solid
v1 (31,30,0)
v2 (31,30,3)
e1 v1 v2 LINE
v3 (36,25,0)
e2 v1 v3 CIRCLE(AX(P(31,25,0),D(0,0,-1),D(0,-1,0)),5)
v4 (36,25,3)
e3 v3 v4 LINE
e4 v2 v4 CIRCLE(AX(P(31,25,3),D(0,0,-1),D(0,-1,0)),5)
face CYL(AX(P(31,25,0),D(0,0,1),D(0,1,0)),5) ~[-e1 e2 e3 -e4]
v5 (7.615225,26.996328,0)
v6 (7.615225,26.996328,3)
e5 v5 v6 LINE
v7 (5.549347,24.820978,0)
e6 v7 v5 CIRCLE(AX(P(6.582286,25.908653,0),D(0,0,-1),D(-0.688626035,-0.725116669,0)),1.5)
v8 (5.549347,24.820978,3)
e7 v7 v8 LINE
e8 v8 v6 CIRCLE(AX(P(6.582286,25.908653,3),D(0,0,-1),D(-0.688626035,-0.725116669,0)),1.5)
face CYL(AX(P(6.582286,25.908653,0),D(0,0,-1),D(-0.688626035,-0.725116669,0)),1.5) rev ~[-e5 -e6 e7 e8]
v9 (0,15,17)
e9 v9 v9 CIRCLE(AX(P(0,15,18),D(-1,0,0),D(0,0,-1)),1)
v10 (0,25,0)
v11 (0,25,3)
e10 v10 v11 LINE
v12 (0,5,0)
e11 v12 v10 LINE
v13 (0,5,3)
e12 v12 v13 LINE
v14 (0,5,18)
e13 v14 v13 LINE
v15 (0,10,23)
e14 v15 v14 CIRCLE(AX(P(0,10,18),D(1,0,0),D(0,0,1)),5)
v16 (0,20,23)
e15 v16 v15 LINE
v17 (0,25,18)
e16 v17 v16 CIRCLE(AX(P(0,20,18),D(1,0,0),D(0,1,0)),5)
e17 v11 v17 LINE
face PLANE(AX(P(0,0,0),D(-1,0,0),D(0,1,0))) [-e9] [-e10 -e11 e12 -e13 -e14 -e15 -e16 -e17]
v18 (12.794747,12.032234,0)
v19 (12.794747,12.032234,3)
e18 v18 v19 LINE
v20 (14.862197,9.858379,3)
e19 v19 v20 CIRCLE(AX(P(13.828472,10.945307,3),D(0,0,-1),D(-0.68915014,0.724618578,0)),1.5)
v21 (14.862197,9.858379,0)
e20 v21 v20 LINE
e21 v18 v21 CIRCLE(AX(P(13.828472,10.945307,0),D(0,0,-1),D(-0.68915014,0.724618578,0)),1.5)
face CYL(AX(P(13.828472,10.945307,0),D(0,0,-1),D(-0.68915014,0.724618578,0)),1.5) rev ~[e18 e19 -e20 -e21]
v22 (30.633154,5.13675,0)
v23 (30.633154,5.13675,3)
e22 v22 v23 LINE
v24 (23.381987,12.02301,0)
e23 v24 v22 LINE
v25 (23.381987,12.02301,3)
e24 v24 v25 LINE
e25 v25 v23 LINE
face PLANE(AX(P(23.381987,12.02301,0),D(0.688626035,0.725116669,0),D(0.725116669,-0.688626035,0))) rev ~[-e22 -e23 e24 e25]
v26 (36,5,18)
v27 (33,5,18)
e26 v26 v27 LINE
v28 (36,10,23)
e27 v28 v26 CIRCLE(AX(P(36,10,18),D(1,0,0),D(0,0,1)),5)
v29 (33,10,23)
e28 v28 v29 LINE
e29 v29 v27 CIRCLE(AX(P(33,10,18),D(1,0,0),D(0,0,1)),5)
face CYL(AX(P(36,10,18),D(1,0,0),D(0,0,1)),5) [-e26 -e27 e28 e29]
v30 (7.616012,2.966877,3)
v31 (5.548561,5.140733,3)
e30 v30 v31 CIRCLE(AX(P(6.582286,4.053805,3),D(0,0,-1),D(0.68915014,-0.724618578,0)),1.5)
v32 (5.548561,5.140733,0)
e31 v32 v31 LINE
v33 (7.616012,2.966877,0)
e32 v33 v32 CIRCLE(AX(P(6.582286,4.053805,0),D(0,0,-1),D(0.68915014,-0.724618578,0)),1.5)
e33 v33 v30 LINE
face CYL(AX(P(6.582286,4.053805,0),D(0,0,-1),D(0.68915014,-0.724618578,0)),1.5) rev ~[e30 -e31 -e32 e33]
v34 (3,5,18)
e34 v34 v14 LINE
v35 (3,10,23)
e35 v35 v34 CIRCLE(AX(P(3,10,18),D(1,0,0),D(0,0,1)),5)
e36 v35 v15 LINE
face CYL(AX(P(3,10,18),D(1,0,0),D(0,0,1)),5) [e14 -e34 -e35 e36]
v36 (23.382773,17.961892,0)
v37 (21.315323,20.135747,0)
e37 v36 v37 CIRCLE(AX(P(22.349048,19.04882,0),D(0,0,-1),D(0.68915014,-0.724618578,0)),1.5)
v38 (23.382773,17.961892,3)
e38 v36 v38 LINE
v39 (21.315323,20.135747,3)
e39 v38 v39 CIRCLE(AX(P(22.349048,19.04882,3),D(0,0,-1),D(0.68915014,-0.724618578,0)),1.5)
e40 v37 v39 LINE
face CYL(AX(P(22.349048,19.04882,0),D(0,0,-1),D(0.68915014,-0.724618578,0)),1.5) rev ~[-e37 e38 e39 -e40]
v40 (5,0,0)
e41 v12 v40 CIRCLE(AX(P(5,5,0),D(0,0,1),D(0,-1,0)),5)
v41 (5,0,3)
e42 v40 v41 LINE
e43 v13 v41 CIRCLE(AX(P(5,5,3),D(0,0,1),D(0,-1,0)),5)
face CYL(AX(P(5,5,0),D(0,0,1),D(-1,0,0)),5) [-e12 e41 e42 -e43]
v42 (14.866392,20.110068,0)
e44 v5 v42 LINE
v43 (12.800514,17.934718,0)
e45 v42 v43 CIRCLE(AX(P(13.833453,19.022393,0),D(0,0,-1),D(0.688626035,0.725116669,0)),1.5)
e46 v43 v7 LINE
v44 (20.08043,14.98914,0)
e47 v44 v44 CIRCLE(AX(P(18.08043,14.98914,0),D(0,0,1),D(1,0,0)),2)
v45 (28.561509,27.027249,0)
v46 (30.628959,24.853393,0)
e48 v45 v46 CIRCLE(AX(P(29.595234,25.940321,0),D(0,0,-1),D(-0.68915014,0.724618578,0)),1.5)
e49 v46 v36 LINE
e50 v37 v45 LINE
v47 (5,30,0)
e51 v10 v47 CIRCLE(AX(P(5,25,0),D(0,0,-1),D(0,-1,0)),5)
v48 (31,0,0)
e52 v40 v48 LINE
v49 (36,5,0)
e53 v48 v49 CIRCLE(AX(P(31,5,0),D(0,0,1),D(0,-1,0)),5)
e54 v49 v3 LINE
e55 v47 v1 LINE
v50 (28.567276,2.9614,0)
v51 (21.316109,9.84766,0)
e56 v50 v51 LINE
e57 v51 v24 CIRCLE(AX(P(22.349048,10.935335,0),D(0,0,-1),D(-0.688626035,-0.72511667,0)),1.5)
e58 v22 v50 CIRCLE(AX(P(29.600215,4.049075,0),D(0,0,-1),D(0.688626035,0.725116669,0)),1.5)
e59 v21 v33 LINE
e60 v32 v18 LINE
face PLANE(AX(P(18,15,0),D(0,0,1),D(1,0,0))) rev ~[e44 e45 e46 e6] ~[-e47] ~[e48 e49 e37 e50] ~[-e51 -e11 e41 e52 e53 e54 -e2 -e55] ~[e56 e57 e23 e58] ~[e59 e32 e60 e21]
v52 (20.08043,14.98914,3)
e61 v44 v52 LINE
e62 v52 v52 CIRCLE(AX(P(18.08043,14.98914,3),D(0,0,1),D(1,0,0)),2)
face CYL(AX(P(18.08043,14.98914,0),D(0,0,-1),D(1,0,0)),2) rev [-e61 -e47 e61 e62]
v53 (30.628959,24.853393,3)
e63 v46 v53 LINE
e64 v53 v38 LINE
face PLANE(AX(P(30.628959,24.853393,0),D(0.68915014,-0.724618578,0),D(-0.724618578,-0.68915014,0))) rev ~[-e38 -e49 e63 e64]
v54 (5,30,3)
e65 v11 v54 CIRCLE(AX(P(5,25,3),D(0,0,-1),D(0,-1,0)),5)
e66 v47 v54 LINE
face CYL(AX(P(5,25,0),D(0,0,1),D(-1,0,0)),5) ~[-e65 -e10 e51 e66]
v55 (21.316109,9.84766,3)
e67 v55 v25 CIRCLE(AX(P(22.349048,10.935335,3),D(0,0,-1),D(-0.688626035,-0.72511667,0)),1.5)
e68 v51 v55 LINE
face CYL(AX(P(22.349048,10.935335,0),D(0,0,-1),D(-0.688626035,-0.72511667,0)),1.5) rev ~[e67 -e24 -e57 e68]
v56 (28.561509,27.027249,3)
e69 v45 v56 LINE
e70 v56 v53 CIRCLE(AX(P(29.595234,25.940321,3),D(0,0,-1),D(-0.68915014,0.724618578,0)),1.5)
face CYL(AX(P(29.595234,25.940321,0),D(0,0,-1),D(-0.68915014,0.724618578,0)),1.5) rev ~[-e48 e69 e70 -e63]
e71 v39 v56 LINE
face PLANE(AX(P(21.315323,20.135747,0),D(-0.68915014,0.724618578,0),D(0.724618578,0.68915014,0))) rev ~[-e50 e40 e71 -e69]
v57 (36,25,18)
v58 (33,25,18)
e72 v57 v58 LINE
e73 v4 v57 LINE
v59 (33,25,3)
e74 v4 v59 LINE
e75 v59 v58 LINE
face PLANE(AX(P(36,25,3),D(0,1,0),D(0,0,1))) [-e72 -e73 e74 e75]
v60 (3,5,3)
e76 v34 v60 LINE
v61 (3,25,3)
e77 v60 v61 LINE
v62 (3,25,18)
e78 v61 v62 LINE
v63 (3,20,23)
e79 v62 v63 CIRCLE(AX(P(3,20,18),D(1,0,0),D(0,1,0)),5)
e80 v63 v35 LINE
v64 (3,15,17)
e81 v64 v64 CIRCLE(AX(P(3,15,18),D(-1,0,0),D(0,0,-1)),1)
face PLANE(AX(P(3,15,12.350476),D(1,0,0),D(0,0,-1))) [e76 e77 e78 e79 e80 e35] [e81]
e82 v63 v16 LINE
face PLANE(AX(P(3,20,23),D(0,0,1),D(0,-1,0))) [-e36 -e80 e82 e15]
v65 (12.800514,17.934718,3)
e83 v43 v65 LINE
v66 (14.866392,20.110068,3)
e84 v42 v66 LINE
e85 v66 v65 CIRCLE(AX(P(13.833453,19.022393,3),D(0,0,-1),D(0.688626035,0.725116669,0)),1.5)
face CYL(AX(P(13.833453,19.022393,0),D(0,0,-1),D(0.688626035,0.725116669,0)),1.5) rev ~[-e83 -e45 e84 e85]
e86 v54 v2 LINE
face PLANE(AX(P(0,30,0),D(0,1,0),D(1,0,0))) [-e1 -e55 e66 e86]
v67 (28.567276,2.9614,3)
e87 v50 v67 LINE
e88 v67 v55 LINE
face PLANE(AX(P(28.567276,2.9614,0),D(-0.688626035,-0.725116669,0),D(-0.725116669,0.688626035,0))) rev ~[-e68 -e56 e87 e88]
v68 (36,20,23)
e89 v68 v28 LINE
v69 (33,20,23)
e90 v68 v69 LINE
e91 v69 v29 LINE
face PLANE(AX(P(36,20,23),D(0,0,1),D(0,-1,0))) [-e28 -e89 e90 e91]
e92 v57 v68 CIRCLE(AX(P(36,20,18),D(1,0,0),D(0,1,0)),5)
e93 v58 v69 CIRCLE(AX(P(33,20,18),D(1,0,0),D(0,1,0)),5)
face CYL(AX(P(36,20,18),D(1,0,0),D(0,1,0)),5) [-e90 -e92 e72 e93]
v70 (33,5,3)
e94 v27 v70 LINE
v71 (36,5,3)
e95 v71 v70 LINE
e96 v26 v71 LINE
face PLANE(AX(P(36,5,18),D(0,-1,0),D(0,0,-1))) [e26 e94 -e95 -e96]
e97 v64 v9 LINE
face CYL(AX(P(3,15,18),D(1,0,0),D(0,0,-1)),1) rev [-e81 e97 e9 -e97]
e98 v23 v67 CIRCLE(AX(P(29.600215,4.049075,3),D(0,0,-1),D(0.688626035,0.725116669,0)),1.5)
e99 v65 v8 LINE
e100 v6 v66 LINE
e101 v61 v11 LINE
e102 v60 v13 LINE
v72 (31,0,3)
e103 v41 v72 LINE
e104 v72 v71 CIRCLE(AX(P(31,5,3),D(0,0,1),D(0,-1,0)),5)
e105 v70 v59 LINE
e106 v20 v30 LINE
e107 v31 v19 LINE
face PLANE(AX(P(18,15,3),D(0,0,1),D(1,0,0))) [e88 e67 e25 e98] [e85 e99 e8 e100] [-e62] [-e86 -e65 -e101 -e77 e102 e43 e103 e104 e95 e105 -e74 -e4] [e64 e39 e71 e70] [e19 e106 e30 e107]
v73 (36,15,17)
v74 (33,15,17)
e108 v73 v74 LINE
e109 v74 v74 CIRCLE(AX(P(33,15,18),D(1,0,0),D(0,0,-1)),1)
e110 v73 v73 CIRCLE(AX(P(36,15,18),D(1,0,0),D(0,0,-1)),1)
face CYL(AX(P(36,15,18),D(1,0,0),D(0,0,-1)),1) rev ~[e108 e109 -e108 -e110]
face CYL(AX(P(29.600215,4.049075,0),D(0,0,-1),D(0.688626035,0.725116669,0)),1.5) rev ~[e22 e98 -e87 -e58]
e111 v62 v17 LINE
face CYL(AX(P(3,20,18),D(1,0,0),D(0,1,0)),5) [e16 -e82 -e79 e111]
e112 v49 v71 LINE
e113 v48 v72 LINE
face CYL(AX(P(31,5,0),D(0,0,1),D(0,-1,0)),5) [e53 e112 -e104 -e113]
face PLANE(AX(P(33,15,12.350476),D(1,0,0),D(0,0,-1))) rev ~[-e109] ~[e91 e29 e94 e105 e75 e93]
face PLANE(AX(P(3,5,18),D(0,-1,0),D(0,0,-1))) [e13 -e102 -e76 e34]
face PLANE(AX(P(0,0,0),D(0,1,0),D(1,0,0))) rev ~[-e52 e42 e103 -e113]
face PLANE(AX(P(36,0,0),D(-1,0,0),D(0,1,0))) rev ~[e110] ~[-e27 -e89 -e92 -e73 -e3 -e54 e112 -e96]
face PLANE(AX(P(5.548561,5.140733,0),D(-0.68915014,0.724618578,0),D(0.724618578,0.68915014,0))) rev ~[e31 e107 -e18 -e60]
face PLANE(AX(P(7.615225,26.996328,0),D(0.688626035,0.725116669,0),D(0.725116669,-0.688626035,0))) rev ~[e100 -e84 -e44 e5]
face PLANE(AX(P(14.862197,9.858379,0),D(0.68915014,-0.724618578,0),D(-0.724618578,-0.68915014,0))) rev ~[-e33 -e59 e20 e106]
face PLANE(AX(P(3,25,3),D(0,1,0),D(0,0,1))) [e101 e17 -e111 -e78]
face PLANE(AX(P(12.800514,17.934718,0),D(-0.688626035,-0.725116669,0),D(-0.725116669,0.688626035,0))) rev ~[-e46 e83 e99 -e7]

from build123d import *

# Parameters (mm, degrees)
SKETCH1_W           = 36
SKETCH1_H           = 30
SKETCH1_R           = 2
BOSS_EXTRUDE2_DEPTH = 3
SKETCH2_R           = 1
BOSS_EXTRUDE3_DEPTH = 3
BOSS_EXTRUDE4_START = -3
SKETCH3_R           = 1
BOSS_EXTRUDE4_DEPTH = 3
FILLET1_R           = 5


with BuildPart() as part:
    # Sketch1 → Boss-Extrude2 (new body)
    with BuildSketch(Plane.XY):
        with Locations((18, 15)):
            Rectangle(SKETCH1_W, SKETCH1_H)
        with Locations((18.080429635, 14.989140404)):
            Circle(SKETCH1_R, mode=Mode.SUBTRACT)
        with BuildLine():
            Line((30.628958922, 24.853393036), (23.382773138, 17.961891633))
            ThreePointArc((23.382773138, 17.961891633), (21.26212006, 18.01509429), (21.315322717, 20.135747368))
            Line((21.315322717, 20.135747368), (28.561508501, 27.027248771))
            ThreePointArc((28.561508501, 27.027248771), (30.682161579, 26.974046114), (30.628958922, 24.853393036))
        make_face(mode=Mode.SUBTRACT)
        with BuildLine():
            Line((23.38198698, 12.023010255), (30.633153673, 5.136749906))
            ThreePointArc((30.633153673, 5.136749906), (30.687889624, 3.016135849), (28.567275568, 2.961399898))
            Line((28.567275568, 2.961399898), (21.316108876, 9.847660248))
            ThreePointArc((21.316108876, 9.847660248), (21.261372924, 11.968274304), (23.38198698, 12.023010255))
        make_face(mode=Mode.SUBTRACT)
        with BuildLine():
            Line((14.862197308, 9.858378688), (7.616011524, 2.966877285))
            ThreePointArc((7.616011524, 2.966877285), (5.495358446, 3.020079942), (5.548561103, 5.14073302))
            Line((5.548561103, 5.14073302), (12.794746887, 12.032234423))
            ThreePointArc((12.794746887, 12.032234423), (14.915399965, 11.979031766), (14.862197308, 9.858378688))
        make_face(mode=Mode.SUBTRACT)
        with BuildLine():
            Line((7.615225366, 26.996328337), (14.866392058, 20.110067987))
            ThreePointArc((14.866392058, 20.110067987), (14.92112801, 17.989453931), (12.800513954, 17.934717979))
            Line((12.800513954, 17.934717979), (5.549347261, 24.820978329))
            ThreePointArc((5.549347261, 24.820978329), (5.49461131, 26.941592385), (7.615225366, 26.996328337))
        make_face(mode=Mode.SUBTRACT)
    extrude(amount=BOSS_EXTRUDE2_DEPTH)

    # Sketch2 → Boss-Extrude3 (add)
    with BuildSketch(Plane(origin=(36, 0, 0), x_dir=(0, 0, -1), z_dir=(1, 0, 0))):
        with BuildLine():
            Line((-18, 5), (-3, 5))
            Line((-3, 5), (-3, 25))
            Line((-3, 25), (-18, 25))
            ThreePointArc((-18, 25), (-21.535533906, 23.535533906), (-23, 20))
            Line((-23, 20), (-23, 10))
            ThreePointArc((-23, 10), (-21.535533906, 6.464466094), (-18, 5))
        make_face()
        with Locations((-18, 15)):
            Circle(SKETCH2_R, mode=Mode.SUBTRACT)
    extrude(amount=-BOSS_EXTRUDE3_DEPTH)

    # Sketch3 → Boss-Extrude4 (add)
    with BuildSketch(Plane.ZY.offset(BOSS_EXTRUDE4_START)):
        with BuildLine():
            Line((3, 25), (18, 25))
            ThreePointArc((18, 25), (21.535533906, 23.535533906), (23, 20))
            Line((23, 20), (23, 10))
            ThreePointArc((23, 10), (21.535533906, 6.464466094), (18, 5))
            Line((18, 5), (3, 5))
            Line((3, 5), (3, 25))
        make_face()
        with Locations(Location((18, 15, 0), (0, 0, 180))):
            Circle(SKETCH3_R, mode=Mode.SUBTRACT)
    extrude(amount=BOSS_EXTRUDE4_DEPTH)

    # Fillet1
    fillet1_edges = [part.edges().sort_by_distance(p)[0] for p in [
        (36, 30, 1.5),
        (0, 30, 1.5),
        (0, 0, 1.5),
        (36, 0, 1.5),
    ]]
    fillet(fillet1_edges, radius=FILLET1_R)


solid = part.part
